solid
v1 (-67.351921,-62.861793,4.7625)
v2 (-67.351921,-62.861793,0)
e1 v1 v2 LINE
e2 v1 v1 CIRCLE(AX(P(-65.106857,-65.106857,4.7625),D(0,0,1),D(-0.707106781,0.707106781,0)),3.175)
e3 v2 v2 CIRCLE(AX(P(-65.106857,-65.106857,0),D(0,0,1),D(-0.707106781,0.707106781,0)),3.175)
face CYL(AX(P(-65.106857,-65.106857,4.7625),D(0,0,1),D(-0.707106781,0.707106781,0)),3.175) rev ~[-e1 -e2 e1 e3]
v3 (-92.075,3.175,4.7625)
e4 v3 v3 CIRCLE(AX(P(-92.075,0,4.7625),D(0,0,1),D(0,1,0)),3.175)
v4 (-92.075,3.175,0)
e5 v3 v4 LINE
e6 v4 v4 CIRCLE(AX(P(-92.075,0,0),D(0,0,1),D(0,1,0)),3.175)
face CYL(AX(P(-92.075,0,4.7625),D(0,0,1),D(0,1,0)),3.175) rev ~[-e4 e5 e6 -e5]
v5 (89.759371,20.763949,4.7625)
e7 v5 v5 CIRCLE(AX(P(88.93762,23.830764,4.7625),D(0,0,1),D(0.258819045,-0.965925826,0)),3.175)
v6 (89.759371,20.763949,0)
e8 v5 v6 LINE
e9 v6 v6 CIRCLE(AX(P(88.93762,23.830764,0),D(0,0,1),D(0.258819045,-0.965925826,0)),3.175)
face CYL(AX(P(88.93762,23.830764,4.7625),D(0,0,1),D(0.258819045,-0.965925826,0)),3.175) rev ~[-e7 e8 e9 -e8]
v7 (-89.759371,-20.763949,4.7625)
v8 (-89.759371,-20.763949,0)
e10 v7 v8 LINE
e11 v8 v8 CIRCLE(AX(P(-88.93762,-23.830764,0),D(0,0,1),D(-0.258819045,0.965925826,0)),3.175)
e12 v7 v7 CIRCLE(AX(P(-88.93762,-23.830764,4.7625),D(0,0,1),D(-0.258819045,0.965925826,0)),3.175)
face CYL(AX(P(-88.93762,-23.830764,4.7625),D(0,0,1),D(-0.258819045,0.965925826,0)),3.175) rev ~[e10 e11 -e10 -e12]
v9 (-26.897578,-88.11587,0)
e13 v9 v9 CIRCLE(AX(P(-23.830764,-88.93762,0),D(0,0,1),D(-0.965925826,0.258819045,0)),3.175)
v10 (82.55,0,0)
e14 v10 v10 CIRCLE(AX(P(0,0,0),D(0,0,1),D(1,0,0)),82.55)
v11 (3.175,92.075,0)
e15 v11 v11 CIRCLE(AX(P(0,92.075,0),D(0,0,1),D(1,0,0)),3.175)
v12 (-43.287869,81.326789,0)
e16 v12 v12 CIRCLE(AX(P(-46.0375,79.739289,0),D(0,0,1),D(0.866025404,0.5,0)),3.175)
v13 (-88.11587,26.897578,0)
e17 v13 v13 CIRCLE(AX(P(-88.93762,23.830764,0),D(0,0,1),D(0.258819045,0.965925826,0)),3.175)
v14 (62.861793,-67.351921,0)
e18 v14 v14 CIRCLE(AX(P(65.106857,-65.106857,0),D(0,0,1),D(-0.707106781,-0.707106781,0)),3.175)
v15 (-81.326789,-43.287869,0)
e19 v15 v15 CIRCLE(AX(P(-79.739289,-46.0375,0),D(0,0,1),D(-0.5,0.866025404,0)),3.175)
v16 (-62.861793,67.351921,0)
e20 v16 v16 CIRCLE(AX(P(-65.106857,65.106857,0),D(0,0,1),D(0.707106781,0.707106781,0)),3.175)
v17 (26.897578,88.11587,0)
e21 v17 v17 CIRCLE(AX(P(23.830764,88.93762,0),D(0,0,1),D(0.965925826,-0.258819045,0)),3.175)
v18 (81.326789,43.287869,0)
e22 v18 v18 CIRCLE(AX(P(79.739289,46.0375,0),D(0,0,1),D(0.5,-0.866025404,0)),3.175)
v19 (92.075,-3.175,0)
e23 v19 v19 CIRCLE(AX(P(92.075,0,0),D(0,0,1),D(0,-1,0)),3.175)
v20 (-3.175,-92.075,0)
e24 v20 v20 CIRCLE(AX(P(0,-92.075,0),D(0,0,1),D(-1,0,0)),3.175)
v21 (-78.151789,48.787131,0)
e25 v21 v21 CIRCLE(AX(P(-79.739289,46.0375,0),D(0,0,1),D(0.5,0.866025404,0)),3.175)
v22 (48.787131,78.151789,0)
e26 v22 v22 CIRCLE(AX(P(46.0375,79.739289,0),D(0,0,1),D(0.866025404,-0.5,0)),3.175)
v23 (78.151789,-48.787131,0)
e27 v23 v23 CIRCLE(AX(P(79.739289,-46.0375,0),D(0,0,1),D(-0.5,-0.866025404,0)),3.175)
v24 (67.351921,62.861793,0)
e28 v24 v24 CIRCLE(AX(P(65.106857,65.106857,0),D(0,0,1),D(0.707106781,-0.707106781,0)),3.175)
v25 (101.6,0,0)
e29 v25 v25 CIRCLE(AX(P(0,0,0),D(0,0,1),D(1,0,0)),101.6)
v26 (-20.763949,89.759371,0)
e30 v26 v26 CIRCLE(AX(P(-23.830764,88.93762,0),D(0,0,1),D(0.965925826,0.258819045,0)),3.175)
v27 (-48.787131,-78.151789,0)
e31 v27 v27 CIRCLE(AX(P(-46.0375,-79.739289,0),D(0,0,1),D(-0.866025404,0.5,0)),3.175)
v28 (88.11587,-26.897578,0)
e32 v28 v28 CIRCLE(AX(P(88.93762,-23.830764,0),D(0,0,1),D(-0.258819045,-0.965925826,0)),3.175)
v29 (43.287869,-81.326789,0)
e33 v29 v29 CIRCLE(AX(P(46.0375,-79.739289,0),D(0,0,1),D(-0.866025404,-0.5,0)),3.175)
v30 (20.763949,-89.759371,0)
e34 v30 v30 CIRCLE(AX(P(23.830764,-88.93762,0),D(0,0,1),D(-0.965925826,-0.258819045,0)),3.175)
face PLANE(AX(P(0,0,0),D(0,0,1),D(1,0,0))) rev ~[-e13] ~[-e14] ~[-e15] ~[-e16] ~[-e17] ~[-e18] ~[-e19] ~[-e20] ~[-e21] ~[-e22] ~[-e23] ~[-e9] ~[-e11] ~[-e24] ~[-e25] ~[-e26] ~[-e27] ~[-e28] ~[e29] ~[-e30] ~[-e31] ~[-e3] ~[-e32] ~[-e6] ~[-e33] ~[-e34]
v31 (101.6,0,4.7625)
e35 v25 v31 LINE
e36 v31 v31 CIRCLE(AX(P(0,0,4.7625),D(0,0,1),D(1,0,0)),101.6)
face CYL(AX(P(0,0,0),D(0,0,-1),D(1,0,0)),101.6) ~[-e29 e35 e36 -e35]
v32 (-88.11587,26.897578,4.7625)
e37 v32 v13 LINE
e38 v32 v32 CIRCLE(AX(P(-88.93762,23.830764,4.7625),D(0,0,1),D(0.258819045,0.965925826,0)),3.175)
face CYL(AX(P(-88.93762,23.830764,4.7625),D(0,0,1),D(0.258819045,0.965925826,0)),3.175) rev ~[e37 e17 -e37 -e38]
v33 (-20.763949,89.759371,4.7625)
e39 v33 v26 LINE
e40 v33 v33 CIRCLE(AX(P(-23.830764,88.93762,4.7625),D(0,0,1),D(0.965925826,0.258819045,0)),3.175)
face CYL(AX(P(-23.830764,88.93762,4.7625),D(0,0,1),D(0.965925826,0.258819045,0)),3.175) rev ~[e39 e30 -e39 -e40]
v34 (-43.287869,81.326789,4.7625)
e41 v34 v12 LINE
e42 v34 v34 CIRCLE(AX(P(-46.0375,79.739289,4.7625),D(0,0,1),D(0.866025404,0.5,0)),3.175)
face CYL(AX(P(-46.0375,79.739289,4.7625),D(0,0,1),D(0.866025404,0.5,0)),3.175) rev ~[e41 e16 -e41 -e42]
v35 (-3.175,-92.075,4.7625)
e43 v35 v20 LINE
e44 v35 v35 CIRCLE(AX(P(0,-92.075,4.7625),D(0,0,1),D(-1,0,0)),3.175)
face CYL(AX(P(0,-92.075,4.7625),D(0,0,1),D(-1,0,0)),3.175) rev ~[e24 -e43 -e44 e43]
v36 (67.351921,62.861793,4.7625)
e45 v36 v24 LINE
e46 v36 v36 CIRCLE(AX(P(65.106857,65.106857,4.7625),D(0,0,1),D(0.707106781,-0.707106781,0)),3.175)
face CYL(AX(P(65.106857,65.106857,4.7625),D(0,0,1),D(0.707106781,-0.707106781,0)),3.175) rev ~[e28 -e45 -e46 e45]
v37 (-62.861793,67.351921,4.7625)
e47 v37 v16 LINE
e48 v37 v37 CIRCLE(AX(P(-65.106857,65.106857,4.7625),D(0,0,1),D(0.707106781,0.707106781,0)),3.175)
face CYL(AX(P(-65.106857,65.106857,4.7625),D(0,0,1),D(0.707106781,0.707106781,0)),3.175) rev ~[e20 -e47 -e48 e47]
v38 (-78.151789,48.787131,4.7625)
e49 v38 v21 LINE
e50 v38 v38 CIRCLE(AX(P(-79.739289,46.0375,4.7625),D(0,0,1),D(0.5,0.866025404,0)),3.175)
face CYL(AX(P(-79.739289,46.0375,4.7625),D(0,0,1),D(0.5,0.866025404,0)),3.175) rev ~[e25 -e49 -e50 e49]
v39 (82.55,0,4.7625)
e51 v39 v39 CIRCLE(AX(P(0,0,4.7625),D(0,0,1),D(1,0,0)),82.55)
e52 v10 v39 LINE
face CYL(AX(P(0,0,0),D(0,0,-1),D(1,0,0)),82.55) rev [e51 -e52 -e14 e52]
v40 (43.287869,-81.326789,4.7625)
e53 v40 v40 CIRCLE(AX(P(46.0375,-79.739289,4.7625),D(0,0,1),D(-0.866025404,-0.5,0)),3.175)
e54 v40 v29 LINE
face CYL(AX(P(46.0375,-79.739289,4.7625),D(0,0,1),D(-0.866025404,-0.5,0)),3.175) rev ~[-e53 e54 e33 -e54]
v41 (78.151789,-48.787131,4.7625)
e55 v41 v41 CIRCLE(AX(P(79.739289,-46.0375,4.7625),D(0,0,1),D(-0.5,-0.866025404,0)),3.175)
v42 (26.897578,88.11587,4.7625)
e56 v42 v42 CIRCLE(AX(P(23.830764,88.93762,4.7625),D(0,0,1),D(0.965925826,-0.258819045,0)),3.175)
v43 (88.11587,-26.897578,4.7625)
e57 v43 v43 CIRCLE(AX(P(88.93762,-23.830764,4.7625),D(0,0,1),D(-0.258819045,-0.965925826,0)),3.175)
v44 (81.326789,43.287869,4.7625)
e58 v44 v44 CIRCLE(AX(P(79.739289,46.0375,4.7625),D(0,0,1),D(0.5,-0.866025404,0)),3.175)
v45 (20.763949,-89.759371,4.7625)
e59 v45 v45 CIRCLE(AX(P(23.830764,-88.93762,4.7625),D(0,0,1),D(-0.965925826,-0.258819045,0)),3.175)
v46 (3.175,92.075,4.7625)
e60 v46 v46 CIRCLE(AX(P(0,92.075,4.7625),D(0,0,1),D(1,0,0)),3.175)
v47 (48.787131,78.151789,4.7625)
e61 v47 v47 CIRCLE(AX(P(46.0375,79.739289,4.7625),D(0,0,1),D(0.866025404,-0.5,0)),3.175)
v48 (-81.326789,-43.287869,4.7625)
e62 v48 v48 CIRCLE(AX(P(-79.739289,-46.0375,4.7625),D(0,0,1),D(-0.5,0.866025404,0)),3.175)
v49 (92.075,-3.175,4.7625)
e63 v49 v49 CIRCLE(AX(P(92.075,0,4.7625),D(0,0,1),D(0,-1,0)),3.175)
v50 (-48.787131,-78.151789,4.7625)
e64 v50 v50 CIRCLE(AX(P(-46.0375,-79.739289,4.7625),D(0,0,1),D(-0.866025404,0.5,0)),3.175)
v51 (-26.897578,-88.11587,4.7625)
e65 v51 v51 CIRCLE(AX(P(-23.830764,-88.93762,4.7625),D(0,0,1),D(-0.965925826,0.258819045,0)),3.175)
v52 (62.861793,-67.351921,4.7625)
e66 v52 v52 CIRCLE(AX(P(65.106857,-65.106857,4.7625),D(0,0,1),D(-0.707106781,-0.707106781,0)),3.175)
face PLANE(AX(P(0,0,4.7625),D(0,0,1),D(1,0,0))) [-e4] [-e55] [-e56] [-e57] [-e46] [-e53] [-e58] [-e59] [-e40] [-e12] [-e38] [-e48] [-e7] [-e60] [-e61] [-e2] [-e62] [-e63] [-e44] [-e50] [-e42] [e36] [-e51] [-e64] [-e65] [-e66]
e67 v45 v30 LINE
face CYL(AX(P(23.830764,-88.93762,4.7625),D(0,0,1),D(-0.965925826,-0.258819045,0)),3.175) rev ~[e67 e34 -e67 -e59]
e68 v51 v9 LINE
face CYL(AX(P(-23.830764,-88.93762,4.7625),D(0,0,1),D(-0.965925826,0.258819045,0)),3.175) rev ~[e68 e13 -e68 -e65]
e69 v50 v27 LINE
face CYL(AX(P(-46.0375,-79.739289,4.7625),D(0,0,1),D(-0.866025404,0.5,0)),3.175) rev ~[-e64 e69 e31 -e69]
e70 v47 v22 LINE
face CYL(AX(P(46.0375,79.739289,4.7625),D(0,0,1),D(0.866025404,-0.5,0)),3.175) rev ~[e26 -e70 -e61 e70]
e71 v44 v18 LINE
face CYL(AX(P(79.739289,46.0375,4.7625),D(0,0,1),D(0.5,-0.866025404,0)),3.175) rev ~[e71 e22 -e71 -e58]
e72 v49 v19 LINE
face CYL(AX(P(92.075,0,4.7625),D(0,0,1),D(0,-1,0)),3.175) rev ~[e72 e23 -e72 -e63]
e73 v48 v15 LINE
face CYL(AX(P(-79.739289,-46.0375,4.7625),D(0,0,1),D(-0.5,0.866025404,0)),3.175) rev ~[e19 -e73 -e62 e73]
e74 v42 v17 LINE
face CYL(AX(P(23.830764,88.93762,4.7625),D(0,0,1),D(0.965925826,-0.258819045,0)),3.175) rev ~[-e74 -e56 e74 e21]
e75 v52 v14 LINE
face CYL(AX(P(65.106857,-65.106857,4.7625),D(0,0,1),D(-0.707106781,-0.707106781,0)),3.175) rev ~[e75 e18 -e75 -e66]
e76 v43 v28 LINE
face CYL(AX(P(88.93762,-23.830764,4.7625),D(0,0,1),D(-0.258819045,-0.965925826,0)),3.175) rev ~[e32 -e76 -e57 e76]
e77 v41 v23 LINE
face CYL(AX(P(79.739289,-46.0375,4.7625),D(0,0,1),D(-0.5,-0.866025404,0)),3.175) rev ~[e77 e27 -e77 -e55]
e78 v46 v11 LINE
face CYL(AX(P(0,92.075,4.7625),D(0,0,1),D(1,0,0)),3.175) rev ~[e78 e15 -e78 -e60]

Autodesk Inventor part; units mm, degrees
ref_plane "YZ Plane" through (0, 0, 0) normal (1, 0, 0) x (0, 1, 0)
ref_plane "XZ Plane" through (0, 0, 0) normal (0, 1, 0) x (-1, 0, 0)
ref_plane "XY Plane" through (0, 0, 0) normal (0, 0, 1) x (1, 0, 0)
sketch "Sketch1" plane through (0, 0, 0) normal (0, 0, 1) x (1, 0, 0)
  circle A0 centre (0, 0) radius 82.55
  circle A1 centre (0, 0) radius 101.6
  dimension "d0" = 203.2
  dimension "d1" = 19.05
extrude "Extrusion1" add sketch "Sketch1" along normal blind 4.7625
sketch "Sketch2" plane through (0, 0, 4.7625) normal (0, 0, 1) x (1, 0, 0)
  circle A0 centre (0, 0) radius 101.6 projected
  line L0 (0, 0) -> (0, 92.075) construction
  circle A1 centre (0, 0) radius 92.075 construction
  circle A2 centre (0, 92.075) radius 3.175
  dimension "d4" = 9.525
  dimension "d5" = 6.35
extrude "Extrusion2" cut sketch "Sketch2" against normal through all contours A2
pattern_circular "Circular Pattern1" count 24 over 360 about axis through (0, 0, -10) along (0, 0, 1) of "Extrusion2"
properties part number "FlyWheelWeight" material "Aluminum-6061"
